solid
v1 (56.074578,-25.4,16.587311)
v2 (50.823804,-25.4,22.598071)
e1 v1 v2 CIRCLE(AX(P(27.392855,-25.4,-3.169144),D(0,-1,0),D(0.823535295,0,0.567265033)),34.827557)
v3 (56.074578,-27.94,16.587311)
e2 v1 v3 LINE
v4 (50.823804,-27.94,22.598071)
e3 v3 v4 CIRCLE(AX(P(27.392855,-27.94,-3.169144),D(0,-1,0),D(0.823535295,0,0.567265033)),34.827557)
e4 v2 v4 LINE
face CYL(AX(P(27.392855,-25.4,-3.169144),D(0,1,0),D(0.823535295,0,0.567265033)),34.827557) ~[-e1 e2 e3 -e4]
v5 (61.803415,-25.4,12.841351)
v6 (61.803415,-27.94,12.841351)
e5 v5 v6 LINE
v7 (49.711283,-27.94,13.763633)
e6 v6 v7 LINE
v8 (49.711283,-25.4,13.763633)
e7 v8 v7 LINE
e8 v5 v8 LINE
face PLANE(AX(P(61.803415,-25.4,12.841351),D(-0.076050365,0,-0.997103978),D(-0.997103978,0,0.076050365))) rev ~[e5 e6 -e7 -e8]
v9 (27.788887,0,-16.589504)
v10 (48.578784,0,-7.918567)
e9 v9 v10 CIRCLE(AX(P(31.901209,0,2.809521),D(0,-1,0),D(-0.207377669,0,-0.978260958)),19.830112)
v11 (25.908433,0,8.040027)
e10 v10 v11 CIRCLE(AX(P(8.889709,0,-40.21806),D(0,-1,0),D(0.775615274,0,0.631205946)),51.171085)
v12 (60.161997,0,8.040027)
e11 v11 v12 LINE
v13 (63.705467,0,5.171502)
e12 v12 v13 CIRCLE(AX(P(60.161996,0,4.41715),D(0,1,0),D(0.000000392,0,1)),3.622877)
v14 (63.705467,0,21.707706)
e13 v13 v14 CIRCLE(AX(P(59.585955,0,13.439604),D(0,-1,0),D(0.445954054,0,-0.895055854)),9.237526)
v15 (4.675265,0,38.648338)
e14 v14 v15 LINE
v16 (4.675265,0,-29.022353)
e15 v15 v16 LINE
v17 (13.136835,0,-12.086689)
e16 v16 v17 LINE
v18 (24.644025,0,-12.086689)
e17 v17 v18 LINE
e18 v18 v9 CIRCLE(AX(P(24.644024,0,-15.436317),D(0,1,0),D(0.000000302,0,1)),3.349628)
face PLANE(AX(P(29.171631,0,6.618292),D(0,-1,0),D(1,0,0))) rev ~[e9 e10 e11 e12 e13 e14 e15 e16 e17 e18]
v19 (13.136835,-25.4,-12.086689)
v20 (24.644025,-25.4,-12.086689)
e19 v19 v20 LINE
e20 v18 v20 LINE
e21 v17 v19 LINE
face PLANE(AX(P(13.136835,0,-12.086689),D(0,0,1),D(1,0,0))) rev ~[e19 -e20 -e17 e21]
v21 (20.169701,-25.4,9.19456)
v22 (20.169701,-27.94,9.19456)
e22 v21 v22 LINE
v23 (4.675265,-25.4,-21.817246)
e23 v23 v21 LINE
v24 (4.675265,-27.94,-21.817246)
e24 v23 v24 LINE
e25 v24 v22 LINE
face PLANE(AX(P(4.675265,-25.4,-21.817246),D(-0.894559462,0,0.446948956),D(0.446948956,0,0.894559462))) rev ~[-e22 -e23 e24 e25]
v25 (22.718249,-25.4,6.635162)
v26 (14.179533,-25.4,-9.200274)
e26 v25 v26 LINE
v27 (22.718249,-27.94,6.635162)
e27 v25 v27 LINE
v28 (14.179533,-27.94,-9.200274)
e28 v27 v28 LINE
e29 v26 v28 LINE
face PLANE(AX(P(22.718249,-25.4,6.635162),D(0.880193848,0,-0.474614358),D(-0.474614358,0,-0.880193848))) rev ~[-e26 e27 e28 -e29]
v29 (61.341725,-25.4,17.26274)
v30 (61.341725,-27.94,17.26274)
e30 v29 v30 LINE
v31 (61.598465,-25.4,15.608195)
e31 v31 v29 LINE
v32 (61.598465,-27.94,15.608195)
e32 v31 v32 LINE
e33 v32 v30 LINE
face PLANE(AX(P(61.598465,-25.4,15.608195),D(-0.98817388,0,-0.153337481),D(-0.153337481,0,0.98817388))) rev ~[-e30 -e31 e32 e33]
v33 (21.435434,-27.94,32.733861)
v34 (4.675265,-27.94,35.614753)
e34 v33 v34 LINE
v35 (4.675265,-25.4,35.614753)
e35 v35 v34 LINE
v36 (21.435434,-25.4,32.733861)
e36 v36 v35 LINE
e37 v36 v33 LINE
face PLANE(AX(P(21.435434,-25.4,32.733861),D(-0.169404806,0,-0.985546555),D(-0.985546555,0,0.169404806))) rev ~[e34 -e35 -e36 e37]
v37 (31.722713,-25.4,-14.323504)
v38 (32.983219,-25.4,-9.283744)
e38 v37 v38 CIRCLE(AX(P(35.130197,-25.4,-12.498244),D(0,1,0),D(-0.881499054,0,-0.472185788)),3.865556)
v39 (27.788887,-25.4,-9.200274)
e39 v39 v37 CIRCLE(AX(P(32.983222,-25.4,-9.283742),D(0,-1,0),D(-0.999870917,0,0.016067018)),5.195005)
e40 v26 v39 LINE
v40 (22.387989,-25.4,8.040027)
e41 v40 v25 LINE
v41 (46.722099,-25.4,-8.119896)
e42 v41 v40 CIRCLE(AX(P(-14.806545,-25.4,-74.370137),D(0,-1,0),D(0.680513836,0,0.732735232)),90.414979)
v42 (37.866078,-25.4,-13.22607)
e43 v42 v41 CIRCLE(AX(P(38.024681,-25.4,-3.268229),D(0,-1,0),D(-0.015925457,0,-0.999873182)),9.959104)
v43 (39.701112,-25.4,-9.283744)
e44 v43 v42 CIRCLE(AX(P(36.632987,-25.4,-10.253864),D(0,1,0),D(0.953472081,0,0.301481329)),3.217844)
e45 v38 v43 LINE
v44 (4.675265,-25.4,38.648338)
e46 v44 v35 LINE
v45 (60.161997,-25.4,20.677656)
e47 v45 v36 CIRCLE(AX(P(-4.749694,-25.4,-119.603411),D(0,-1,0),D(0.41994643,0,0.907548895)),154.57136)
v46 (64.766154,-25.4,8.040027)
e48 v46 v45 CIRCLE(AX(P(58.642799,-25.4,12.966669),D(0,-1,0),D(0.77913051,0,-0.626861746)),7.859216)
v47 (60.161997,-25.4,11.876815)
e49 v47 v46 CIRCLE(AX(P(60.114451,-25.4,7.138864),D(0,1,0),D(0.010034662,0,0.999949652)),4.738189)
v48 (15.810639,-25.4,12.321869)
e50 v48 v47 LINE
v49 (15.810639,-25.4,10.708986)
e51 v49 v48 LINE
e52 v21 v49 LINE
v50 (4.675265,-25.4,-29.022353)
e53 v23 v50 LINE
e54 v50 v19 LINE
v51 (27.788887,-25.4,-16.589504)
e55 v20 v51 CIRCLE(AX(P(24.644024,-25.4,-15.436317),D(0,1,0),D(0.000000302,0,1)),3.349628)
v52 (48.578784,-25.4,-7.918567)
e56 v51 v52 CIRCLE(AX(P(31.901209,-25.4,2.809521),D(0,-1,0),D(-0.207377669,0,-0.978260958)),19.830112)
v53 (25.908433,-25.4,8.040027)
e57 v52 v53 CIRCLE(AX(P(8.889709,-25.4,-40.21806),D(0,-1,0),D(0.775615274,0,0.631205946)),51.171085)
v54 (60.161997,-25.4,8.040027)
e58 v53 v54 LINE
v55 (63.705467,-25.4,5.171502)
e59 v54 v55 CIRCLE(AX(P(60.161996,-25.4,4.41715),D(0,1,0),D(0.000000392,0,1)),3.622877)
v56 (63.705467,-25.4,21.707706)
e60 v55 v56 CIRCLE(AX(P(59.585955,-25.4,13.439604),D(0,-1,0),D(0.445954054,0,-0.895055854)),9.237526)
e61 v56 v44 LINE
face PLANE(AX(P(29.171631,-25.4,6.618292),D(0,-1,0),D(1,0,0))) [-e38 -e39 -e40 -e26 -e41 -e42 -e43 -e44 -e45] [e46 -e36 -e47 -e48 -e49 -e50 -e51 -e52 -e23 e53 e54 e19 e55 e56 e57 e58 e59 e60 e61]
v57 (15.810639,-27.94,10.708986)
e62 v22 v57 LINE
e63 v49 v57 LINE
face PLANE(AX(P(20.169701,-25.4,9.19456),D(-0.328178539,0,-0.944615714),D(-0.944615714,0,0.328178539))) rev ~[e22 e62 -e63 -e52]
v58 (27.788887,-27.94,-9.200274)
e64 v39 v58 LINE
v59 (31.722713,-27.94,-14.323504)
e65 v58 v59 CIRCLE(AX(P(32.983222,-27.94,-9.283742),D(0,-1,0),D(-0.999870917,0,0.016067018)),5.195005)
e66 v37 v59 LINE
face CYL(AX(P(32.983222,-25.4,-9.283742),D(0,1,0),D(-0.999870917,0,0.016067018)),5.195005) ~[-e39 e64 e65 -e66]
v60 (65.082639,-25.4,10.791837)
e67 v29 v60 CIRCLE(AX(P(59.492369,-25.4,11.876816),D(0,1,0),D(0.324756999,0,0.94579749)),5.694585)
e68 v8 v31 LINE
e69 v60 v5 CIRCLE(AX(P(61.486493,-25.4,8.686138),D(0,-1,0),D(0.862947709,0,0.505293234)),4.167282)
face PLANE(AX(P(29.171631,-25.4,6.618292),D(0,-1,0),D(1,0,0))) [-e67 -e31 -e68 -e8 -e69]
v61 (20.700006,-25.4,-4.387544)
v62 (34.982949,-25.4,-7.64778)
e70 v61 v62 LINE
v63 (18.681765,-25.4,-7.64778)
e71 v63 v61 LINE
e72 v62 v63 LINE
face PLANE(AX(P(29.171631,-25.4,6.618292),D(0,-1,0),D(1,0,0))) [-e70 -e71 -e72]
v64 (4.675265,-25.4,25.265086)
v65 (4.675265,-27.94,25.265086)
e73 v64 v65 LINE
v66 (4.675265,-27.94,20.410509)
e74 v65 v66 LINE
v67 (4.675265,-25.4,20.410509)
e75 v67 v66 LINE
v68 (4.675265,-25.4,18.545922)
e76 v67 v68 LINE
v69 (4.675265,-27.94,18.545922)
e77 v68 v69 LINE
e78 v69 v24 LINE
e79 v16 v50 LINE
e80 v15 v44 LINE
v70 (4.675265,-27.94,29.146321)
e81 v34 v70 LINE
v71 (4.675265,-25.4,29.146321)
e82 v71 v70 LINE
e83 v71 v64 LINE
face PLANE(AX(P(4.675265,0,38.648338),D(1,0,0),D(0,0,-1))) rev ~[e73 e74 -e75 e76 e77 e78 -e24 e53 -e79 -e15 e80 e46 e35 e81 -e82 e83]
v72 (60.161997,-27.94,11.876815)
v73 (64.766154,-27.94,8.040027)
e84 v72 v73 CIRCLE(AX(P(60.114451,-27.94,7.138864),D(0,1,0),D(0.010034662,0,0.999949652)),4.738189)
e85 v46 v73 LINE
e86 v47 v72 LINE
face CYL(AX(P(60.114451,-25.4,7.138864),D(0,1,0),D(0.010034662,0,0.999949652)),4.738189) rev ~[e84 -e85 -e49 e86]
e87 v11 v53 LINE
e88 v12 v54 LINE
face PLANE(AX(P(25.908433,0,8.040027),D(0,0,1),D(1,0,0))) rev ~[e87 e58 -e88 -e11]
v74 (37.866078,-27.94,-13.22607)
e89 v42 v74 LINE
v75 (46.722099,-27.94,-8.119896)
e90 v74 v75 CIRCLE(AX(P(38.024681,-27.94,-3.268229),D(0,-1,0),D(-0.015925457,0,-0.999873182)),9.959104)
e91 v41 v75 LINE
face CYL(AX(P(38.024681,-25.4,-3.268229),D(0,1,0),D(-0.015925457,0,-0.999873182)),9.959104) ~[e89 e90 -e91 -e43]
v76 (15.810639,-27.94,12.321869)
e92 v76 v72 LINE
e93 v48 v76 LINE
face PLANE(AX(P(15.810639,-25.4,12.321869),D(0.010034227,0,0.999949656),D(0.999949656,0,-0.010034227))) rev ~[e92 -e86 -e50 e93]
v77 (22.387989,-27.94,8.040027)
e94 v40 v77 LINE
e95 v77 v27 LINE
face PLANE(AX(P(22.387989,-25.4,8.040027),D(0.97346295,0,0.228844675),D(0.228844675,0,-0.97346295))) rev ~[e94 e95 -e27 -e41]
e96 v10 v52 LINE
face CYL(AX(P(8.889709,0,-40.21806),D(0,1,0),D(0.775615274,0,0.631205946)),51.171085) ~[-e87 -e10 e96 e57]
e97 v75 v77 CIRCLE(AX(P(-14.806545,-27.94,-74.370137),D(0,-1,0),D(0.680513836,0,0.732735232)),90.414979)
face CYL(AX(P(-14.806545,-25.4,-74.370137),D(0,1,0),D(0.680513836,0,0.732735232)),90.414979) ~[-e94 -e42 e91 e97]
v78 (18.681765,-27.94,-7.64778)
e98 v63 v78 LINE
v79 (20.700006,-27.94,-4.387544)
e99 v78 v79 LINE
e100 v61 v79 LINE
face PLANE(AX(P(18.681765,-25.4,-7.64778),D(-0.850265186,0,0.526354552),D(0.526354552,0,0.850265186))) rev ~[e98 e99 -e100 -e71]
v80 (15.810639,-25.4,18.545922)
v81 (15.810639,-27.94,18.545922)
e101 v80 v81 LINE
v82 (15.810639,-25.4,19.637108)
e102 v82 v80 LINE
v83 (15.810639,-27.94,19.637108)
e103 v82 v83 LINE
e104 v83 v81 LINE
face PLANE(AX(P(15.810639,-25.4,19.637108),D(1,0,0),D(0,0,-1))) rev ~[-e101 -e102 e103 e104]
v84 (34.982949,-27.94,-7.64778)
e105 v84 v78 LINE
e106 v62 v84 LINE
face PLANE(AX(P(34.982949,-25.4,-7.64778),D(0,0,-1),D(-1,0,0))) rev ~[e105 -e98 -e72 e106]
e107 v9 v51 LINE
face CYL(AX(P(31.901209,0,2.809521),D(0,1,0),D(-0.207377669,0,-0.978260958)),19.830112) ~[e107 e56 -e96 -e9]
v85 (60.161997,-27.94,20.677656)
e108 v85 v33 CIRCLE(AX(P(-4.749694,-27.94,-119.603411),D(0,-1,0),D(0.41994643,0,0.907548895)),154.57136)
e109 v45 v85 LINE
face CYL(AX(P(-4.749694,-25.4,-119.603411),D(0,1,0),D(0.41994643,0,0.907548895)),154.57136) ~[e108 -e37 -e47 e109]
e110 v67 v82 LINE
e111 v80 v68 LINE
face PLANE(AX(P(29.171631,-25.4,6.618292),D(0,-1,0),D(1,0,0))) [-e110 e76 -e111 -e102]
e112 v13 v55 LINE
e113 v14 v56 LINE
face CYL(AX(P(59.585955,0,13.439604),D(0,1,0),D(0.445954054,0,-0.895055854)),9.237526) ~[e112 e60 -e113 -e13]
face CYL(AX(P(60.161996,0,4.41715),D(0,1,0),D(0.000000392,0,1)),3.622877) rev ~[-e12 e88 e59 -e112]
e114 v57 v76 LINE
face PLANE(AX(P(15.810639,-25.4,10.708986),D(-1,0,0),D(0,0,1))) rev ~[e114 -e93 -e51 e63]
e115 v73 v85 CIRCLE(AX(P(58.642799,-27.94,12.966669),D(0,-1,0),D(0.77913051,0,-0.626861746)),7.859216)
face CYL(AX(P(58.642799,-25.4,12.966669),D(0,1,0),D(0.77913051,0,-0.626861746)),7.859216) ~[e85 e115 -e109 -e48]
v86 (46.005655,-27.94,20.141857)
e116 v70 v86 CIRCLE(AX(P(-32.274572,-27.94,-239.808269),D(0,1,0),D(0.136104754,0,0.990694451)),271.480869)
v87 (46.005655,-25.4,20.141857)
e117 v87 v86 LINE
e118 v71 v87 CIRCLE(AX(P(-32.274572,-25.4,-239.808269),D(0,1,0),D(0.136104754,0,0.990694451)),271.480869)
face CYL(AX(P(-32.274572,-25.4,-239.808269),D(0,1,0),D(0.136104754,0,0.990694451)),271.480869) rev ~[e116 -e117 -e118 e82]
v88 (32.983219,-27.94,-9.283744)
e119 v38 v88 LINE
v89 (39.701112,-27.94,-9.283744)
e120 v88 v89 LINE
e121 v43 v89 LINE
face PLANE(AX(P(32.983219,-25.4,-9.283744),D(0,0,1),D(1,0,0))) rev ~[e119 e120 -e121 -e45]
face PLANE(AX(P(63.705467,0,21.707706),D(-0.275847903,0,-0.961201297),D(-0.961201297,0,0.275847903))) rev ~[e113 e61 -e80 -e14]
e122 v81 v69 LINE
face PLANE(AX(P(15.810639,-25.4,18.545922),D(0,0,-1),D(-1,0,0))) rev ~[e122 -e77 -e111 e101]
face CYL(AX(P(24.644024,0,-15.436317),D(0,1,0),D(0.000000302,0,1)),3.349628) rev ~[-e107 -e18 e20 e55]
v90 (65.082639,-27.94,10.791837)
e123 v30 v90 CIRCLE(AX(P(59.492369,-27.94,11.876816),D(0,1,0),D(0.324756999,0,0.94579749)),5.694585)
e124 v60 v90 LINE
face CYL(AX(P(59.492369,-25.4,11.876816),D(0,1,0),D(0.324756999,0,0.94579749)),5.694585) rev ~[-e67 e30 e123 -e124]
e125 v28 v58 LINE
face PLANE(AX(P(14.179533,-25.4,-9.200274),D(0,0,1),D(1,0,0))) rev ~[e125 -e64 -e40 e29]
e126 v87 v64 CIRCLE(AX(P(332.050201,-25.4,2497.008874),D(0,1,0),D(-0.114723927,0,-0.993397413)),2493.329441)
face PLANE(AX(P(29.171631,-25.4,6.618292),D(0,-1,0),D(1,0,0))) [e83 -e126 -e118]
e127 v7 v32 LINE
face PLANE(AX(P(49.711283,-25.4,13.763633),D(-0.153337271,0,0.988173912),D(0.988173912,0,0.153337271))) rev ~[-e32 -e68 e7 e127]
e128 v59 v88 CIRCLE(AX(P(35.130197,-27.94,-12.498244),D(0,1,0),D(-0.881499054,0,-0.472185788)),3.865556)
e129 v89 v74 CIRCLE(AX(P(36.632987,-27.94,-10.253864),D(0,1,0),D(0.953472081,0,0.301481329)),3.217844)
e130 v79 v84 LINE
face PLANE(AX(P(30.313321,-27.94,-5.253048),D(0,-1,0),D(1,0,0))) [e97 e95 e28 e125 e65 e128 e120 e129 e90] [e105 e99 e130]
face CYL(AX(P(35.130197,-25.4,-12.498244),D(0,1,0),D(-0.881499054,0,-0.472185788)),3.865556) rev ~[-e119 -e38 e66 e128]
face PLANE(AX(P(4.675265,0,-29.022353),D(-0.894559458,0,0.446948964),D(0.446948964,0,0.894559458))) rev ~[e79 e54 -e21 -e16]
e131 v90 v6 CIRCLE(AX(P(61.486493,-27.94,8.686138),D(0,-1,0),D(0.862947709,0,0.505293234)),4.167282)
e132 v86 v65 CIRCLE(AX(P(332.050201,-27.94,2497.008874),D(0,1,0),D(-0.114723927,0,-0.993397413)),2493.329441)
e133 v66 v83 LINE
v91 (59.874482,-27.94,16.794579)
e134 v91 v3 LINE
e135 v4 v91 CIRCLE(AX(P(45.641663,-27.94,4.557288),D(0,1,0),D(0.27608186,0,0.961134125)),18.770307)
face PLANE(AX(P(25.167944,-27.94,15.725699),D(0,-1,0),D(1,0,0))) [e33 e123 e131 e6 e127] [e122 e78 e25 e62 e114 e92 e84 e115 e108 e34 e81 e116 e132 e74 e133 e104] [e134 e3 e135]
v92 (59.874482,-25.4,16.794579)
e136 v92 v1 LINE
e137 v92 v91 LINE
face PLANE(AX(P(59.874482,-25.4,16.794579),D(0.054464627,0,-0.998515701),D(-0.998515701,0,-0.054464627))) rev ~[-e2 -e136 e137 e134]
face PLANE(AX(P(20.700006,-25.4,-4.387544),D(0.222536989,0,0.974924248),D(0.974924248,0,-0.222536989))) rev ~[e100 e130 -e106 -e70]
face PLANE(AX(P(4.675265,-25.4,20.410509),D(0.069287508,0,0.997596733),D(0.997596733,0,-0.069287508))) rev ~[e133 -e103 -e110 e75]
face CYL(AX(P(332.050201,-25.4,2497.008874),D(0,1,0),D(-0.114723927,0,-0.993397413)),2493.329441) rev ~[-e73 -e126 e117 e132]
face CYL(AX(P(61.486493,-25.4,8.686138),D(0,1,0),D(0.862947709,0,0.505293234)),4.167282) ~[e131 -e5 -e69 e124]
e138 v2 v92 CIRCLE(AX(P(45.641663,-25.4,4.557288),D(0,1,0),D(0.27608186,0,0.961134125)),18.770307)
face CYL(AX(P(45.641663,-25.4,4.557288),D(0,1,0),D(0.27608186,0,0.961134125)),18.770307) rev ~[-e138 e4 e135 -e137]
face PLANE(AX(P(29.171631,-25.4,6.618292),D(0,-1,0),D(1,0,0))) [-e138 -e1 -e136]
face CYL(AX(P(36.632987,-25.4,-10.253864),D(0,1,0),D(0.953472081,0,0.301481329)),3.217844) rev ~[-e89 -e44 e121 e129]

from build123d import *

# Parameters (mm, degrees)
F1_DEPTH = 25.4
F3_DEPTH = 2.54


with BuildPart() as f1:
    # F0 (on Front) → F1 (new body)
    with BuildSketch(Plane.XZ):
        with BuildLine():
            Line((4.675265, 38.648338), (4.675265, -29.022353))
            Line((4.675265, -29.022353), (13.136835, -12.086689))
            Line((13.136835, -12.086689), (24.644025, -12.086689))
            ThreePointArc((24.644025, -12.086689), (27.390181, -13.518342), (27.788887, -16.589504))
            ThreePointArc((27.788887, -16.589504), (39.534536, -15.492547), (48.578784, -7.918567))
            ThreePointArc((48.578784, -7.918567), (38.344977, 1.625304), (25.908433, 8.040027))
            Line((25.908433, 8.040027), (60.161997, 8.040027))
            ThreePointArc((60.161997, 8.040027), (62.441504, 7.233012), (63.705467, 5.171502))
            ThreePointArc((63.705467, 5.171502), (68.823481, 13.439604), (63.705467, 21.707706))
            Line((63.705467, 21.707706), (4.675265, 38.648338))
        make_face()
    extrude(amount=F1_DEPTH)

    # F2 (on face) → F3 (join)
    with BuildSketch(Plane.XZ.offset(25.4)):
        with BuildLine():
            ThreePointArc((4.675265, 29.146321), (25.516102, 25.450284), (46.005655, 20.141857))
            ThreePointArc((46.005655, 20.141857), (25.329763, 22.617176), (4.675265, 25.265086))
            Line((4.675265, 25.265086), (4.675265, 20.410509))
            Line((4.675265, 20.410509), (15.810639, 19.637108))
            Line((15.810639, 19.637108), (15.810639, 18.545922))
            Line((15.810639, 18.545922), (4.675265, 18.545922))
            Line((4.675265, 18.545922), (4.675265, -21.817246))
            Line((4.675265, -21.817246), (20.169701, 9.19456))
            Line((20.169701, 9.19456), (15.810639, 10.708986))
            Line((15.810639, 10.708986), (15.810639, 12.321869))
            Line((15.810639, 12.321869), (60.161997, 11.876815))
            ThreePointArc((60.161997, 11.876815), (63.147761, 10.778846), (64.766154, 8.040027))
            ThreePointArc((64.766154, 8.040027), (66.027213, 15.656968), (60.161997, 20.677656))
            ThreePointArc((60.161997, 20.677656), (41.195878, 27.981513), (21.435434, 32.733861))
            Line((21.435434, 32.733861), (4.675265, 35.614753))
            Line((4.675265, 35.614753), (4.675265, 29.146321))
        make_face()
        with BuildLine():
            Line((61.803415, 12.841351), (49.711283, 13.763633))
            Line((49.711283, 13.763633), (61.598465, 15.608195))
            Line((61.598465, 15.608195), (61.341725, 17.26274))
            ThreePointArc((61.341725, 17.26274), (64.422395, 14.726928), (65.082639, 10.791837))
            ThreePointArc((65.082639, 10.791837), (63.695147, 12.219986), (61.803415, 12.841351))
        make_face(mode=Mode.SUBTRACT)
        with BuildLine():
            Line((59.874482, 16.794579), (56.074578, 16.587311))
            ThreePointArc((56.074578, 16.587311), (53.621941, 19.743599), (50.823804, 22.598071))
            ThreePointArc((50.823804, 22.598071), (55.773558, 20.35821), (59.874482, 16.794579))
        make_face(mode=Mode.SUBTRACT)
        with BuildLine():
            Line((22.387989, 8.040027), (22.718249, 6.635162))
            Line((22.718249, 6.635162), (14.179533, -9.200274))
            Line((14.179533, -9.200274), (27.788887, -9.200274))
            ThreePointArc((27.788887, -9.200274), (28.86277, -12.447594), (31.722713, -14.323504))
            ThreePointArc((31.722713, -14.323504), (31.380156, -11.560312), (32.983219, -9.283744))
            Line((32.983219, -9.283744), (39.701112, -9.283744))
            ThreePointArc((39.701112, -9.283744), (39.55028, -11.611776), (37.866078, -13.22607))
            ThreePointArc((37.866078, -13.22607), (42.999226, -11.895955), (46.722099, -8.119896))
            ThreePointArc((46.722099, -8.119896), (35.211974, 0.949291), (22.387989, 8.040027))
        make_face()
        Polygon((18.681765, -7.64778), (20.700006, -4.387544), (34.982949, -7.64778), align=None, mode=Mode.SUBTRACT)
    extrude(amount=F3_DEPTH)


solid = f1.part
